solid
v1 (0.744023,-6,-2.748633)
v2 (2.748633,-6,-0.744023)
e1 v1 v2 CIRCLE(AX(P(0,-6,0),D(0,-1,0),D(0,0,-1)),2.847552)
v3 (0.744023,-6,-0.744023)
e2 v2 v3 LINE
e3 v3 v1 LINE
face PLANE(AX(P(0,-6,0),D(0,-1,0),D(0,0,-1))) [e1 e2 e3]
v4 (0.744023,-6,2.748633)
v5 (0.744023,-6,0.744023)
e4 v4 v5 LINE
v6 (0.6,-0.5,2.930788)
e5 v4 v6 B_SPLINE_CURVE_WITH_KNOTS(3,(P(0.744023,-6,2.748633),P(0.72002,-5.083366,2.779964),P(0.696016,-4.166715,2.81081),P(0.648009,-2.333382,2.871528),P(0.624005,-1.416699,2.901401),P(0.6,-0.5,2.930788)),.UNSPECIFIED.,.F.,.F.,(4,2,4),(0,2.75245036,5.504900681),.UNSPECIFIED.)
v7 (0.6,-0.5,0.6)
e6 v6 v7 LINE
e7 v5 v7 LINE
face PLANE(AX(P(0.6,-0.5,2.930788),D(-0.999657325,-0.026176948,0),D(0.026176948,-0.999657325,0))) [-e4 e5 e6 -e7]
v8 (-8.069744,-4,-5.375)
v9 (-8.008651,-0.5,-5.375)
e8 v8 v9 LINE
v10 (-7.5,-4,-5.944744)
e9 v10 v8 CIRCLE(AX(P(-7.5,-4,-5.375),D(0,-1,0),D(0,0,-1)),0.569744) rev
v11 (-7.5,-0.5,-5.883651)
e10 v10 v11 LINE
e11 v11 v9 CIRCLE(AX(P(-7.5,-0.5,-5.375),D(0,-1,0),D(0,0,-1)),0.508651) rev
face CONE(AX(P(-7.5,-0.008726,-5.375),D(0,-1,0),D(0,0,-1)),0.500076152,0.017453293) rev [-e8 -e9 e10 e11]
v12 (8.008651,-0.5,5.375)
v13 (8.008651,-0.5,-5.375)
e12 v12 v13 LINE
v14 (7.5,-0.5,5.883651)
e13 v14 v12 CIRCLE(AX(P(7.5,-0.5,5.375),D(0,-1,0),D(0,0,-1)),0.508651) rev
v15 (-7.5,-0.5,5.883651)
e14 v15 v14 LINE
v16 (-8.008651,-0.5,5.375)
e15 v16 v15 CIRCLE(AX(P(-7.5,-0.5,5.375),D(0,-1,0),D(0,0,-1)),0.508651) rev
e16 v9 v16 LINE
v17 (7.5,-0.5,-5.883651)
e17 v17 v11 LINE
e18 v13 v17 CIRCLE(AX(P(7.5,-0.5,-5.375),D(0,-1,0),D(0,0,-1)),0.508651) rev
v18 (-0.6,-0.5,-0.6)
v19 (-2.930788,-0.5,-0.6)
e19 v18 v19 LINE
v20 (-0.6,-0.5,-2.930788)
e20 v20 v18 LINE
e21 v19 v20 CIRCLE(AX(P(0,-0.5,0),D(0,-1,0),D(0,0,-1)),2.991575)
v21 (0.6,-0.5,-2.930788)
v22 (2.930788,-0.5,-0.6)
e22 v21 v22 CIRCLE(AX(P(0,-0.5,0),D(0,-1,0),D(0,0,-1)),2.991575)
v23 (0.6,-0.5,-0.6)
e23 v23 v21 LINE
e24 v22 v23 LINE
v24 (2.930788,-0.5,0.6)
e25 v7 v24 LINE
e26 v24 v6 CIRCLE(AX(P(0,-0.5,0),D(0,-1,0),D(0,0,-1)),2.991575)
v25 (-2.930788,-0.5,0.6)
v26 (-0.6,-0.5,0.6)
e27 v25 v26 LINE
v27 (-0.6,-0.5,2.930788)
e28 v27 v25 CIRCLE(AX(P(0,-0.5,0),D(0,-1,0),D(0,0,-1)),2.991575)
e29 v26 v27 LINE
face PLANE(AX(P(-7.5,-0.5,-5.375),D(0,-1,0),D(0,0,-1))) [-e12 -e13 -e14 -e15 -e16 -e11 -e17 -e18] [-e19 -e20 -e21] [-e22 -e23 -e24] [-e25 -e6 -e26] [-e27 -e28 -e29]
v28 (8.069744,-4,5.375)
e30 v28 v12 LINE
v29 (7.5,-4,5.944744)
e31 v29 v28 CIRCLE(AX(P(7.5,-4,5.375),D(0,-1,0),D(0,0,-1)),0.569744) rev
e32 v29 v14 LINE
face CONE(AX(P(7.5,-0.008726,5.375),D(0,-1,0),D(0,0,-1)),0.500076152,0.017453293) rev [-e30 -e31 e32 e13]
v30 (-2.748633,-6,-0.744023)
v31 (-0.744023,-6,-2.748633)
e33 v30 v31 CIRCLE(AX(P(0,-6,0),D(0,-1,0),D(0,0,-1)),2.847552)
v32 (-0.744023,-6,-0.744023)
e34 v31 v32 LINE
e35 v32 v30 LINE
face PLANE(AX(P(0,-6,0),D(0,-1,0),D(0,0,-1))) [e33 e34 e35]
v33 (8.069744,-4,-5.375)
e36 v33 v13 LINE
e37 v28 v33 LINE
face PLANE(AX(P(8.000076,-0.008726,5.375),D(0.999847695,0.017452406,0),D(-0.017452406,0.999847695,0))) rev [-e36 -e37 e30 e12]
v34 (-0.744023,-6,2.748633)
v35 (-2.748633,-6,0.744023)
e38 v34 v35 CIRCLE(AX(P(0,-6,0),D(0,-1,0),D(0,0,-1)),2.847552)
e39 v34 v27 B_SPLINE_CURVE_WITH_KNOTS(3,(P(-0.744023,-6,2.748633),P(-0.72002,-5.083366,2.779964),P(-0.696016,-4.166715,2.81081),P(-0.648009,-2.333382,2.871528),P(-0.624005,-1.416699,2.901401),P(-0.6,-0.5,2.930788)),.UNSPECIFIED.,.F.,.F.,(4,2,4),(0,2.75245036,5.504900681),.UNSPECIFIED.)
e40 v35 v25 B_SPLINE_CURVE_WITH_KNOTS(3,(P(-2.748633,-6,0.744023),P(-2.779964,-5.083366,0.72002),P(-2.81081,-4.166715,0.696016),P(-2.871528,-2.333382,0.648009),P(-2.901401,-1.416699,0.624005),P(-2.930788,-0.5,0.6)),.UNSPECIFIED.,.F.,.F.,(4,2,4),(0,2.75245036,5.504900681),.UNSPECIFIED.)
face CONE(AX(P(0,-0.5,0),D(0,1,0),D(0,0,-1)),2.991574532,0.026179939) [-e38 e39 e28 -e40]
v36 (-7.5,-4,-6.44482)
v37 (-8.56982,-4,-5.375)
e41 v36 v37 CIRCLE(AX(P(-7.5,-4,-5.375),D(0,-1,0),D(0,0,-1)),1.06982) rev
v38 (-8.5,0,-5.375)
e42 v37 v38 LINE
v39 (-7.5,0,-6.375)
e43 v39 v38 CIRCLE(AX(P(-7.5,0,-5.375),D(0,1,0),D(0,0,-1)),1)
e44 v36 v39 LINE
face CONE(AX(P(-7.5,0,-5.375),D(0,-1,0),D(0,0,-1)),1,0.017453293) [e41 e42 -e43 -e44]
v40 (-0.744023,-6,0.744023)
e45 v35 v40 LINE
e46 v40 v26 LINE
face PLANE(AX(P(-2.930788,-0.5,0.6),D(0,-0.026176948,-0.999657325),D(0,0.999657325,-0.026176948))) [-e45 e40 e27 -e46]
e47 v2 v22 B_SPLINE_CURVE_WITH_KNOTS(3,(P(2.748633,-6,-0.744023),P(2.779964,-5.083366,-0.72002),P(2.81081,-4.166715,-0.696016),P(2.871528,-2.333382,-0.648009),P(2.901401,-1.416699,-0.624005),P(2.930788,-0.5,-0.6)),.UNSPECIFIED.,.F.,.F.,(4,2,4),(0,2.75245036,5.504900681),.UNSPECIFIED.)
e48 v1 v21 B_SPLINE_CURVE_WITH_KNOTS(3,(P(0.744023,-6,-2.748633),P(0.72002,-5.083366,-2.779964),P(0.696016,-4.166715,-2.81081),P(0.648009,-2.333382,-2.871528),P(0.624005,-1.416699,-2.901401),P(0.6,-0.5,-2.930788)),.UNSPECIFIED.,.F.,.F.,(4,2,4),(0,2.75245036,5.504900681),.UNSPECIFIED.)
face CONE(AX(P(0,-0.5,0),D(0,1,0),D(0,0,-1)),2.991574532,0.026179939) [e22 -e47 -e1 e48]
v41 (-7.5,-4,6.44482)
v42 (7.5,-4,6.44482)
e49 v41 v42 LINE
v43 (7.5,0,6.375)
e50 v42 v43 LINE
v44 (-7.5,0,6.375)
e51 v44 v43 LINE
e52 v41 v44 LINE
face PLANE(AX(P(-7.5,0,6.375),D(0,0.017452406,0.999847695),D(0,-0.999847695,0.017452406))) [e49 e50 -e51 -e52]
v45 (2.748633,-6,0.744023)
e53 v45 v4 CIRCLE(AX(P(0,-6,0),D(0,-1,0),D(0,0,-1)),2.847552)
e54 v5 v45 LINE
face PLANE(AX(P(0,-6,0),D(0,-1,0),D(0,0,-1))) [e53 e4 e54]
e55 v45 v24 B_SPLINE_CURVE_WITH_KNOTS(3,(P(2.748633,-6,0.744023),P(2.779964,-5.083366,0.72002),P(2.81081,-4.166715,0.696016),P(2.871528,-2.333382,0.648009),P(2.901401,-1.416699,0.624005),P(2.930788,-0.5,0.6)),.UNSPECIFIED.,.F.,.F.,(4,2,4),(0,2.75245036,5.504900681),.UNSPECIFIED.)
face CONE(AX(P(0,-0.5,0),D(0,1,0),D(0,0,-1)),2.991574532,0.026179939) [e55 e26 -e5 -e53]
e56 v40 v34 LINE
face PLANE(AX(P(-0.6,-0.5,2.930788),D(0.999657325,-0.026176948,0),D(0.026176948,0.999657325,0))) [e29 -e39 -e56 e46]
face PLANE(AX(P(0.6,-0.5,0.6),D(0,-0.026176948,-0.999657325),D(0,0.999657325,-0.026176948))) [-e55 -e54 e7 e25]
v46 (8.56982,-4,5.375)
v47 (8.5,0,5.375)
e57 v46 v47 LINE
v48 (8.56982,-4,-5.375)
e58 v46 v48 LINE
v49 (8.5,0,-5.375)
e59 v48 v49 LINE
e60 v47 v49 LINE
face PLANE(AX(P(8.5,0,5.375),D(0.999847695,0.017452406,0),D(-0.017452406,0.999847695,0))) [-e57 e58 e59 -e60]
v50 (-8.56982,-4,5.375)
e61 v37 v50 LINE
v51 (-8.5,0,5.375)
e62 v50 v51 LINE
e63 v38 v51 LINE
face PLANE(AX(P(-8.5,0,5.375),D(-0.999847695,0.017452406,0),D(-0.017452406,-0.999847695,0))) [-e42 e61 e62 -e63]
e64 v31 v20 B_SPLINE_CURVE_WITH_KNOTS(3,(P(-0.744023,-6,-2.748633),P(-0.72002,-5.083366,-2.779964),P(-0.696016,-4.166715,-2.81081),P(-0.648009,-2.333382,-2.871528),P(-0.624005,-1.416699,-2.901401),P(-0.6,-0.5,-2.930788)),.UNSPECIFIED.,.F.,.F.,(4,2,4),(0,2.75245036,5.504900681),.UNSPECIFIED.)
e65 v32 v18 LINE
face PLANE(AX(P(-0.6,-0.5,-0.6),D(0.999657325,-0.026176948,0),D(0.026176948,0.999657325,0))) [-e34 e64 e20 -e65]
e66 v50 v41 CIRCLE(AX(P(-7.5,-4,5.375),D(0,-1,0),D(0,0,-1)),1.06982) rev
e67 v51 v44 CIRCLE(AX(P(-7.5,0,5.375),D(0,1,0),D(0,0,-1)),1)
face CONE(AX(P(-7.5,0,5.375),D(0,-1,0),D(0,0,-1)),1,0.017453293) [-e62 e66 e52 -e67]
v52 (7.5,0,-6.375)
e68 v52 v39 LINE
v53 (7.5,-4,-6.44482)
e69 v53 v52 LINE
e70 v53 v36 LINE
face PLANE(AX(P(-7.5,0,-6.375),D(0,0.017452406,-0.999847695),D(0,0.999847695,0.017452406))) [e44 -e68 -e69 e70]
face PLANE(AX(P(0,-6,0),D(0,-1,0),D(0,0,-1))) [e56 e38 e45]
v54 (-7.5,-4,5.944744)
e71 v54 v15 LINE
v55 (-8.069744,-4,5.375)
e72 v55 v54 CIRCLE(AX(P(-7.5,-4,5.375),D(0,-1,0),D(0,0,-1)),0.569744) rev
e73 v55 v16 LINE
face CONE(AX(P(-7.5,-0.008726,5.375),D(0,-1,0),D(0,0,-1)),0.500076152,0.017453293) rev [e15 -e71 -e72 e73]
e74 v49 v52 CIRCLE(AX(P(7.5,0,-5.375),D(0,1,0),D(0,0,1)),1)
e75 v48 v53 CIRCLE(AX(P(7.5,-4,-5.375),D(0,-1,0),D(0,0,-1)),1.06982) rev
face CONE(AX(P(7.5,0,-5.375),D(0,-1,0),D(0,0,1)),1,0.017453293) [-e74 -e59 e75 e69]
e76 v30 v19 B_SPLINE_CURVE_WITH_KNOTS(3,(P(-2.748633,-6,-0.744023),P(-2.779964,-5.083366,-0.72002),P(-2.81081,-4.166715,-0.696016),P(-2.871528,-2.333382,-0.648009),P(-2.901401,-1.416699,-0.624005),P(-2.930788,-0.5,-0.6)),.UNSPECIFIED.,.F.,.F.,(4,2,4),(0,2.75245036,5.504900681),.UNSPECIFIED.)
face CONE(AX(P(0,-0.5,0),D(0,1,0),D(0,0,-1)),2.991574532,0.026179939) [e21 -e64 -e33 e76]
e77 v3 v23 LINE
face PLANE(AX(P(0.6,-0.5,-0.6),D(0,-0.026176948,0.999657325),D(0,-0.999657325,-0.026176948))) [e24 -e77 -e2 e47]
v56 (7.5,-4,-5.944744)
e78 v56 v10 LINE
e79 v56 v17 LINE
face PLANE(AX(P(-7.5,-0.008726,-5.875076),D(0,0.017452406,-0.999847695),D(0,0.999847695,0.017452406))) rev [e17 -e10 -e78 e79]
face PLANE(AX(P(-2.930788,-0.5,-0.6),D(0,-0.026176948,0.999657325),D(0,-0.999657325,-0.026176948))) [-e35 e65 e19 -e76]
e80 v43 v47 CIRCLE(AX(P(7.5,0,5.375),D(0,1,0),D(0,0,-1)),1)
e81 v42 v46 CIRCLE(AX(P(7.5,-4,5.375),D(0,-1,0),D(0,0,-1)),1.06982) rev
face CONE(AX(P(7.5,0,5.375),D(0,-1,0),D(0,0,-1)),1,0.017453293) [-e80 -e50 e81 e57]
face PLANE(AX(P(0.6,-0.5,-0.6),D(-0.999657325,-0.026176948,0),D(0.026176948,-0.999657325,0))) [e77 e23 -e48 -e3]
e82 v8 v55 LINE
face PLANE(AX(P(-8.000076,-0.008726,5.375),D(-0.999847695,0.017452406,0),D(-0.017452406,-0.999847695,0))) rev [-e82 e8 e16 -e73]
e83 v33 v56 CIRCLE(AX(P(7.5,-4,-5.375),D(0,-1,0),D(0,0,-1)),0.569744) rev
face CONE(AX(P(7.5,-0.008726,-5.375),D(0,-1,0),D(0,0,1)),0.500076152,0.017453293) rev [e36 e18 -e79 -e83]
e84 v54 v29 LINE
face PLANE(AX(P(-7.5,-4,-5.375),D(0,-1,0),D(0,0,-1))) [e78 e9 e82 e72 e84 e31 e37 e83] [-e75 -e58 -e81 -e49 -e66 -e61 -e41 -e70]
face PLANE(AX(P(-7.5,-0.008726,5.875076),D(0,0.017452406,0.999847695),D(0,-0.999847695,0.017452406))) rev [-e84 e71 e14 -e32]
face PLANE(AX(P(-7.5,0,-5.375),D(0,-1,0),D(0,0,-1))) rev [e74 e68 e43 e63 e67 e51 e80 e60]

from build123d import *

# Parameters (mm, degrees)
BOSS_EXTRUDE1_DEPTH           = 4
BOSS_EXTRUDE1_DRAFT           = 1
SHELL1_T                      = -0.5
BOSS_EXTRUDE2_DEPTH           = 5.5
BOSS_EXTRUDE2_DRAFT           = 1.5
BOSS_EXTRUDE2_PROFILE_2_DEPTH = 5.5
BOSS_EXTRUDE2_PROFILE_2_DRAFT = 1.5
BOSS_EXTRUDE2_PROFILE_3_DEPTH = 5.5
BOSS_EXTRUDE2_PROFILE_3_DRAFT = 1.5
BOSS_EXTRUDE2_PROFILE_4_DEPTH = 5.5
BOSS_EXTRUDE2_PROFILE_4_DRAFT = 1.5


with BuildPart() as part:
    # Sketch1 → Boss-Extrude1 (with draft: the straight prism first)
    with BuildSketch(Plane(origin=(0, 0, 0), x_dir=(1, 0, 0), z_dir=(0, 1, 0))):
        with BuildLine():
            Line((-7.5, -6.375), (7.5, -6.375))
            ThreePointArc((7.5, -6.375), (8.207106781, -6.082106781), (8.5, -5.375))
            Line((8.5, -5.375), (8.5, 5.375))
            ThreePointArc((8.5, 5.375), (8.207106781, 6.082106781), (7.5, 6.375))
            Line((7.5, 6.375), (-7.5, 6.375))
            ThreePointArc((-7.5, 6.375), (-8.207106781, 6.082106781), (-8.5, 5.375))
            Line((-8.5, 5.375), (-8.5, -5.375))
            ThreePointArc((-8.5, -5.375), (-8.207106781, -6.082106781), (-7.5, -6.375))
        make_face()
    extrude(amount=-BOSS_EXTRUDE1_DEPTH)
    # Boss-Extrude1: the draft: its side faces are tilted about the plane it starts from
    boss_extrude1_sides = [part.faces().sort_by_distance(p)[0] for p in [
        (0, -2, 6.375),
        (8.207106781, -2, 6.082106781),
        (8.5, -2, 0),
        (8.207106781, -2, -6.082106781),
        (0, -2, -6.375),
        (-8.207106781, -2, -6.082106781),
        (-8.5, -2, 0),
        (-8.207106781, -2, 6.082106781),
    ]]
    draft(boss_extrude1_sides, Plane(origin=(0, 0, 0), x_dir=(1, 0, 0), z_dir=(0, 1, 0)), BOSS_EXTRUDE1_DRAFT)

    # Shell1
    shell1_openings = [part.faces().sort_by_distance(p)[0] for p in [
        (0, -4, 0),
    ]]
    offset(amount=SHELL1_T, openings=shell1_openings, kind=Kind.INTERSECTION)


with BuildPart() as boss_extrude2_tool:
    # Sketch2 → Boss-Extrude2 (with draft: the straight prism first)
    with BuildSketch(Plane.XZ.offset(0.5)):
        with BuildLine():
            ThreePointArc((-0.6, 2.93078798), (-2.115362638, 2.115362638), (-2.93078798, 0.6))
            Line((-2.93078798, 0.6), (-0.6, 0.6))
            Line((-0.6, 0.6), (-0.6, 2.93078798))
        make_face()
    extrude(amount=BOSS_EXTRUDE2_DEPTH)
    # Boss-Extrude2: the draft: its side faces are tilted about the plane it starts from
    boss_extrude2_sides = [boss_extrude2_tool.faces().sort_by_distance(p)[0] for p in [
        (-2.115362638, -3.25, 2.115362638),
        (-1.76539399, -3.25, 0.6),
        (-0.6, -3.25, 1.76539399),
    ]]
    draft(boss_extrude2_sides, Plane.XZ.offset(0.5), BOSS_EXTRUDE2_DRAFT)


with BuildPart() as part_1:
    add(part.part)

    # Boss-Extrude2: add boss_extrude2_tool
    add(boss_extrude2_tool.part)


with BuildPart() as boss_extrude2_profile_2_tool:
    # Sketch2 → Boss-Extrude2 profile 2 (with draft: the straight prism first)
    with BuildSketch(Plane.XZ.offset(0.5)):
        with BuildLine():
            ThreePointArc((-2.93078798, -0.6), (-2.115362638, -2.115362638), (-0.6, -2.93078798))
            Line((-0.6, -2.93078798), (-0.6, -0.6))
            Line((-0.6, -0.6), (-2.93078798, -0.6))
        make_face()
    extrude(amount=BOSS_EXTRUDE2_PROFILE_2_DEPTH)
    # Boss-Extrude2 profile 2: the draft: its side faces are tilted about the plane it starts from
    boss_extrude2_profile_2_sides = [boss_extrude2_profile_2_tool.faces().sort_by_distance(p)[0] for p in [
        (-2.115362638, -3.25, -2.115362638),
        (-0.6, -3.25, -1.76539399),
        (-1.76539399, -3.25, -0.6),
    ]]
    draft(boss_extrude2_profile_2_sides, Plane.XZ.offset(0.5), BOSS_EXTRUDE2_PROFILE_2_DRAFT)


with BuildPart() as part_2:
    add(part_1.part)

    # Boss-Extrude2 profile 2: add boss_extrude2_profile_2_tool
    add(boss_extrude2_profile_2_tool.part)


with BuildPart() as boss_extrude2_profile_3_tool:
    # Sketch2 → Boss-Extrude2 profile 3 (with draft: the straight prism first)
    with BuildSketch(Plane.XZ.offset(0.5)):
        with BuildLine():
            Line((0.6, 2.93078798), (0.6, 0.6))
            Line((0.6, 0.6), (2.93078798, 0.6))
            ThreePointArc((2.93078798, 0.6), (2.115362638, 2.115362638), (0.6, 2.93078798))
        make_face()
    extrude(amount=BOSS_EXTRUDE2_PROFILE_3_DEPTH)
    # Boss-Extrude2 profile 3: the draft: its side faces are tilted about the plane it starts from
    boss_extrude2_profile_3_sides = [boss_extrude2_profile_3_tool.faces().sort_by_distance(p)[0] for p in [
        (2.115362638, -3.25, 2.115362638),
        (0.6, -3.25, 1.76539399),
        (1.76539399, -3.25, 0.6),
    ]]
    draft(boss_extrude2_profile_3_sides, Plane.XZ.offset(0.5), BOSS_EXTRUDE2_PROFILE_3_DRAFT)


with BuildPart() as part_3:
    add(part_2.part)

    # Boss-Extrude2 profile 3: add boss_extrude2_profile_3_tool
    add(boss_extrude2_profile_3_tool.part)


with BuildPart() as boss_extrude2_profile_4_tool:
    # Sketch2 → Boss-Extrude2 profile 4 (with draft: the straight prism first)
    with BuildSketch(Plane.XZ.offset(0.5)):
        with BuildLine():
            Line((0.6, -0.6), (0.6, -2.93078798))
            ThreePointArc((0.6, -2.93078798), (2.115362638, -2.115362638), (2.93078798, -0.6))
            Line((2.93078798, -0.6), (0.6, -0.6))
        make_face()
    extrude(amount=BOSS_EXTRUDE2_PROFILE_4_DEPTH)
    # Boss-Extrude2 profile 4: the draft: its side faces are tilted about the plane it starts from
    boss_extrude2_profile_4_sides = [boss_extrude2_profile_4_tool.faces().sort_by_distance(p)[0] for p in [
        (1.76539399, -3.25, -0.6),
        (0.6, -3.25, -1.76539399),
        (2.115362638, -3.25, -2.115362638),
    ]]
    draft(boss_extrude2_profile_4_sides, Plane.XZ.offset(0.5), BOSS_EXTRUDE2_PROFILE_4_DRAFT)


with BuildPart() as part_4:
    add(part_3.part)

    # Boss-Extrude2 profile 4: add boss_extrude2_profile_4_tool
    add(boss_extrude2_profile_4_tool.part)


solid = part_4.part
